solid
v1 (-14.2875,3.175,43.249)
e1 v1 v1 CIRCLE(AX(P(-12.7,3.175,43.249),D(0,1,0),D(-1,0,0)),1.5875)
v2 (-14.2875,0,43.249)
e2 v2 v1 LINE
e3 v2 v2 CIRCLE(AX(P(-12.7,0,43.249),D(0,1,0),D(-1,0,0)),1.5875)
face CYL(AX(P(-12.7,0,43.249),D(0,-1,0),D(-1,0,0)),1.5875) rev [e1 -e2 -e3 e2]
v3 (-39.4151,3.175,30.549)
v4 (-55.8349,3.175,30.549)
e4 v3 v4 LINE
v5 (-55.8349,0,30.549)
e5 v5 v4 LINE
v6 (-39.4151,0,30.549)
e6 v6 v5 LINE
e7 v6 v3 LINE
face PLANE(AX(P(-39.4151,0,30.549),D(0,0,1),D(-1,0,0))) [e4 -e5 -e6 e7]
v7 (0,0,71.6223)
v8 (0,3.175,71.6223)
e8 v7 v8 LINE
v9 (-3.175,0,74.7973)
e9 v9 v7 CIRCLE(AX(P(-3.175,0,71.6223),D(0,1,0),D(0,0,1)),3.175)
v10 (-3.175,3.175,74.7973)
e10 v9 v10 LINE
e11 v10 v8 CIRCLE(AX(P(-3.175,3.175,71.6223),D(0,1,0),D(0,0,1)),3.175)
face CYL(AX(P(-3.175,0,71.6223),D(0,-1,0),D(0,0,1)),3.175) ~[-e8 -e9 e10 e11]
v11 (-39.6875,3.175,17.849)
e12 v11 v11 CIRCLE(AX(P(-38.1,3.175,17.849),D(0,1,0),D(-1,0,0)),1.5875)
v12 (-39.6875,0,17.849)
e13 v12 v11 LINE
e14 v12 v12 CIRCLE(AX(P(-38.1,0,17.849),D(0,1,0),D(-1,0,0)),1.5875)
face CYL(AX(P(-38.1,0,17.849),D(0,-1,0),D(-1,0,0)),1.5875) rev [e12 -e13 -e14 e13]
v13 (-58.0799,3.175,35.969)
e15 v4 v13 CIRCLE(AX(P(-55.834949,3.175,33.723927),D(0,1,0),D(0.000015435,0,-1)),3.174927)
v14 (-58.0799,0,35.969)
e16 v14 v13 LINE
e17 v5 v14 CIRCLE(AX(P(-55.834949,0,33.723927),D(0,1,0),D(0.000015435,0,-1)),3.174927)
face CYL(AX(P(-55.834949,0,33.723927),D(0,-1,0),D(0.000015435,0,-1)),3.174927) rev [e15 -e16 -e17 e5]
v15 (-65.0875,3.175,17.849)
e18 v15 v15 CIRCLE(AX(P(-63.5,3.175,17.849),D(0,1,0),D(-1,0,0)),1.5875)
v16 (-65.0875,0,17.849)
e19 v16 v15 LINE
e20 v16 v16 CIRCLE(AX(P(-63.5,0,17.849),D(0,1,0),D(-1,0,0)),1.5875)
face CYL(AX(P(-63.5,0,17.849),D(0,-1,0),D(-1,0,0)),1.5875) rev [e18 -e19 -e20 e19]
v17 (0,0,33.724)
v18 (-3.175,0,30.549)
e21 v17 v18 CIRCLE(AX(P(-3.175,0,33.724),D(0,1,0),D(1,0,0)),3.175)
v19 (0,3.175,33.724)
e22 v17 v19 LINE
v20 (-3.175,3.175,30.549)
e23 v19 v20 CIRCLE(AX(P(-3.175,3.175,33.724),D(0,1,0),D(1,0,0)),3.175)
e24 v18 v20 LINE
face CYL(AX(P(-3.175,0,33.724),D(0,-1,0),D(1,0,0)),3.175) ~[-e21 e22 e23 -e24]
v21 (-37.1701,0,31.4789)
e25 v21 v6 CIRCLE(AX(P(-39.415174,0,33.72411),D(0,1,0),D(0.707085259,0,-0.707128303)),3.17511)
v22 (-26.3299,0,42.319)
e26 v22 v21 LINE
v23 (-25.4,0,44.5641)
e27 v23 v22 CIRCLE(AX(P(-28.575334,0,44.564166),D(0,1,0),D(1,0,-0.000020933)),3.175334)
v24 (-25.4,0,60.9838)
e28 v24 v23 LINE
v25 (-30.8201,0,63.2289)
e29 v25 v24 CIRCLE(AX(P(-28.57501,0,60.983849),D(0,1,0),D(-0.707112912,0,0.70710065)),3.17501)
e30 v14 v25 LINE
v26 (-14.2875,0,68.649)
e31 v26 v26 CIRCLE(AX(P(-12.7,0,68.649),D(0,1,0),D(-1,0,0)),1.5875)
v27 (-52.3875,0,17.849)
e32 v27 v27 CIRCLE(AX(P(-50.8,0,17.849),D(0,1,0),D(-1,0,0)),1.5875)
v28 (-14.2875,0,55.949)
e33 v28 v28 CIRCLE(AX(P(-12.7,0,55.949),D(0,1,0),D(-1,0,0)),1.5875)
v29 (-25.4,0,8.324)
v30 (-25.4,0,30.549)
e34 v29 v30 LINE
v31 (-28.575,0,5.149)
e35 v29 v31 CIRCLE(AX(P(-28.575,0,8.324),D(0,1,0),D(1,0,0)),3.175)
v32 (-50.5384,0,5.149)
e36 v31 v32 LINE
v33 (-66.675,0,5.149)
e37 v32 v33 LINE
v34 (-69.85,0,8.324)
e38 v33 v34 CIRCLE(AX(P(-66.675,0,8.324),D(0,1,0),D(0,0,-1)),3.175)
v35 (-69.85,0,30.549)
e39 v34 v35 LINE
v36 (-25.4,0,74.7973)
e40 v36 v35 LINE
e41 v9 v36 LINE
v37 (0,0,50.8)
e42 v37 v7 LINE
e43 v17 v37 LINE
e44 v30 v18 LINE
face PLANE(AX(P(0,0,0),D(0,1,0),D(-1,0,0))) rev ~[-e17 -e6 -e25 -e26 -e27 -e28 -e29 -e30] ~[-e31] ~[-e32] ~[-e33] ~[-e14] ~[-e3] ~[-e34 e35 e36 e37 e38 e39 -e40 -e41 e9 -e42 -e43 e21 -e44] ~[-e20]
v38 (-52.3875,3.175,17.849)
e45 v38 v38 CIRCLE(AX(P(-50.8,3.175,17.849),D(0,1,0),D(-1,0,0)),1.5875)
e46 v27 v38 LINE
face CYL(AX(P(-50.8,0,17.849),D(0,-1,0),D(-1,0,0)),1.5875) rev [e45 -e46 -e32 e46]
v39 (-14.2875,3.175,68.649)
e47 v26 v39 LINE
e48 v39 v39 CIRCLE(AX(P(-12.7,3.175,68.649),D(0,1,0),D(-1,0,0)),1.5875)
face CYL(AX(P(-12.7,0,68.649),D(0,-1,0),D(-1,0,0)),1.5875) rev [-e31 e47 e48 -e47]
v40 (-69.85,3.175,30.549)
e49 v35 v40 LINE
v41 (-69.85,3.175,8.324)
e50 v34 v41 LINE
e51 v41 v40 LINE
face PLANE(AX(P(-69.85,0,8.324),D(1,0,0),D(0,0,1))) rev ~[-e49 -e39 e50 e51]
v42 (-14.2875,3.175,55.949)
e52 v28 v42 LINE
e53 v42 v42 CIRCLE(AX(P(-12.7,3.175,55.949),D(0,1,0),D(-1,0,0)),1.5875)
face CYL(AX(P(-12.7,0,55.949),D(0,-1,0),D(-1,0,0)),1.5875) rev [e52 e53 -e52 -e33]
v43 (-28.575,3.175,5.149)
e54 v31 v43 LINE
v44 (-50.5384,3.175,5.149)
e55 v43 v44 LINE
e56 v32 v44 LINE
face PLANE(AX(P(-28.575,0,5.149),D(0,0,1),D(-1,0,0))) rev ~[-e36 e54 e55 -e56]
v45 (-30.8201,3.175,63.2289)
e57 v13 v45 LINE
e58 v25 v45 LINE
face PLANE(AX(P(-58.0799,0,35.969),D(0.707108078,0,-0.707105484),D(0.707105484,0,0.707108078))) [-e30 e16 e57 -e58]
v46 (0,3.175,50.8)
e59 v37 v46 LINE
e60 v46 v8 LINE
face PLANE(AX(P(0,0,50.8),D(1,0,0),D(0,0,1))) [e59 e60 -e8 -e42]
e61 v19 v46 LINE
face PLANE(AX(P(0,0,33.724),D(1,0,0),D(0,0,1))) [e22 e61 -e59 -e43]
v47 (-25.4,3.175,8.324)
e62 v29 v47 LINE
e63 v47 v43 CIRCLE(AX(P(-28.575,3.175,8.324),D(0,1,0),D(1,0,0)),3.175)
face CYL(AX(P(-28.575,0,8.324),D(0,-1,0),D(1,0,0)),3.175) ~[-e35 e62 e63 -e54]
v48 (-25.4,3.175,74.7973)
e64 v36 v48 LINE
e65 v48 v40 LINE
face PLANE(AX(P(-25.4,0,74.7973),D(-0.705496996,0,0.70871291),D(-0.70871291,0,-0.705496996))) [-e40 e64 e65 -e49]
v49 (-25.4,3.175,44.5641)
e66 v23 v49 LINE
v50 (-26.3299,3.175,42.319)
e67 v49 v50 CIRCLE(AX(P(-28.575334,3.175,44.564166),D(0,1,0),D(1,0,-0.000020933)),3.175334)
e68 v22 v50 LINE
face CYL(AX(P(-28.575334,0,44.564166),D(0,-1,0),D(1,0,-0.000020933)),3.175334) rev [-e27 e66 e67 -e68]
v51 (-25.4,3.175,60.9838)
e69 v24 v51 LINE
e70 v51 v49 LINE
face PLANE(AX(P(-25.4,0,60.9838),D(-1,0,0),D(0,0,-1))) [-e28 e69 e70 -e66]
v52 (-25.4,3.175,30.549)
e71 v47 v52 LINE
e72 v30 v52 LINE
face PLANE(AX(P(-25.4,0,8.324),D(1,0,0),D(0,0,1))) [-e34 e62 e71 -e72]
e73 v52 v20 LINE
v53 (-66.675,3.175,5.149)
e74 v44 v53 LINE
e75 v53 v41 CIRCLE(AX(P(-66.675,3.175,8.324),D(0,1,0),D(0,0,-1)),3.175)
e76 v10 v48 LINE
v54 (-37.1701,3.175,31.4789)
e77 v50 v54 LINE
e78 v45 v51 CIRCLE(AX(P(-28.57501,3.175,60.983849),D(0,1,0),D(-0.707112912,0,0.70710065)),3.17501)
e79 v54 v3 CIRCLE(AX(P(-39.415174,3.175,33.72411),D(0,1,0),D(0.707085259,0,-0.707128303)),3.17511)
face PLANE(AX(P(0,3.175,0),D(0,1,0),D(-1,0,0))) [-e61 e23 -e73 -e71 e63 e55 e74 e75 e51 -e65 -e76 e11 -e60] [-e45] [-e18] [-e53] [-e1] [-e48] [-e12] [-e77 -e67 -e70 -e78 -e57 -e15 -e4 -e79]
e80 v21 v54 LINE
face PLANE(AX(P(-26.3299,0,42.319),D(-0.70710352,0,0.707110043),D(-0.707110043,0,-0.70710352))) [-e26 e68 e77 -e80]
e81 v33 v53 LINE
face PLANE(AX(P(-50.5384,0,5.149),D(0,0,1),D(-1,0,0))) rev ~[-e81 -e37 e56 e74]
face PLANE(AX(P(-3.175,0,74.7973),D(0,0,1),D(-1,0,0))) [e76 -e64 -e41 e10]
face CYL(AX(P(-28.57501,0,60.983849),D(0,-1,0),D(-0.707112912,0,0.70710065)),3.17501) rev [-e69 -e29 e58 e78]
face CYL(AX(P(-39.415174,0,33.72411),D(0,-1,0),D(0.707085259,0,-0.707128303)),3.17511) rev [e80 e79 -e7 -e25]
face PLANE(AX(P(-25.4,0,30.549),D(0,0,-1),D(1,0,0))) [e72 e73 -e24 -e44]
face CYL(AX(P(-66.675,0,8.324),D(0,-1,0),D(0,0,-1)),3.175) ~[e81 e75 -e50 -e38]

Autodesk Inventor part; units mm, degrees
ref_plane "YZ Plane" through (0, 0, 0) normal (1, 0, 0) x (0, 1, 0)
ref_plane "XZ Plane" through (0, 0, 0) normal (0, 1, 0) x (-1, 0, 0)
ref_plane "XY Plane" through (0, 0, 0) normal (0, 0, 1) x (1, 0, 0)
sketch "Sketch1" plane through (0, 0, 0) normal (0, 1, 0) x (-1, 0, 0)
  line L0 (28.575, 5.149) -> (50.5384, 5.149)
  line L1 (0, 33.724) -> (0, 50.8)
  line L2 (25.4, 8.324) -> (25.4, 30.549)
  line L3 (25.4, 30.549) -> (3.175, 30.549)
  arc A0 (25.4, 8.324) -> (28.575, 5.149) centre (28.575, 8.324) ccw
  arc A1 (0, 33.724) -> (3.175, 30.549) centre (3.175, 33.724) ccw
  circle A2 centre (12.7, 43.249) radius 1.5875
  circle A3 centre (38.1, 17.849) radius 1.5875
  circle A4 centre (50.8, 17.849) radius 1.5875
  circle A5 centre (63.5, 17.849) radius 1.5875
  line L4 (50.5384, 5.149) -> (66.675, 5.149)
  line L5 (69.85, 8.324) -> (69.85, 30.549)
  arc A6 (66.675, 5.149) -> (69.85, 8.324) centre (66.675, 8.324) ccw
  circle A7 centre (12.7, 55.949) radius 1.5875
  circle A8 centre (12.7, 68.649) radius 1.5875
  line L6 (0, 50.8) -> (0, 71.6223)
  line L7 (3.175, 74.7973) -> (25.4, 74.7973)
  arc A9 (3.175, 74.7973) -> (0, 71.6223) centre (3.175, 71.6223) ccw
  line L8 (25.4, 74.7973) -> (69.85, 30.549)
  line L9 (26.3299, 42.319) -> (37.1701, 31.4789)
  line L10 (39.4151, 30.549) -> (55.8349, 30.549)
  line L11 (58.0799, 35.969) -> (30.8201, 63.2289)
  line L12 (25.4, 60.9838) -> (25.4, 44.5641)
  arc A10 (30.8201, 63.2289) -> (25.4, 60.9838) centre (28.575, 60.9838) ccw
  arc A11 (55.8349, 30.549) -> (58.0799, 35.969) centre (55.8349, 33.724) ccw
  arc A12 (37.1701, 31.4789) -> (39.4151, 30.549) centre (39.4151, 33.724) ccw
  arc A13 (25.4, 44.5641) -> (26.3299, 42.319) centre (28.575, 44.5641) ccw
  point P0 (0, 0)
  point P1 (25.4, 5.149)
  point P2 (0, 42.262)
  point P3 (25.4, 19.4365)
  point P4 (39.5567, 5.149)
  point P5 (69.85, 5.149)
  point P6 (0, 74.7973)
  point P7 (14.2875, 74.7973)
  point P8 (38.1, 30.549)
  point P9 (63.5, 30.549)
  dimension "d0" = 50.8
  dimension "d1" = 50.8
  dimension "d2" = 25.4
  dimension "d3" = 3.175
  dimension "d4" = 3.175
  dimension "d5" = 12.7
  dimension "d6" = 12.7
  dimension "d7" = 3.175
  dimension "d8" = 12.7
  dimension "d9" = 12.7
  dimension "d12" = 12.7
  dimension "d17" = 25.4
  dimension "d18" = 6.35
  dimension "d19" = 3.175
  dimension "d22" = 12.7
  dimension "d27" = 25.4
  dimension "d28" = 6.35
  dimension "d29" = 3.175
  dimension "d30" = 25.4
  dimension "d31" = 6.35
  dimension "d32" = 3.175
extrude "Extrusion1" add sketch "Sketch1" along normal blind 3.175
properties part number "Cut L-Bracket (5x5)"
